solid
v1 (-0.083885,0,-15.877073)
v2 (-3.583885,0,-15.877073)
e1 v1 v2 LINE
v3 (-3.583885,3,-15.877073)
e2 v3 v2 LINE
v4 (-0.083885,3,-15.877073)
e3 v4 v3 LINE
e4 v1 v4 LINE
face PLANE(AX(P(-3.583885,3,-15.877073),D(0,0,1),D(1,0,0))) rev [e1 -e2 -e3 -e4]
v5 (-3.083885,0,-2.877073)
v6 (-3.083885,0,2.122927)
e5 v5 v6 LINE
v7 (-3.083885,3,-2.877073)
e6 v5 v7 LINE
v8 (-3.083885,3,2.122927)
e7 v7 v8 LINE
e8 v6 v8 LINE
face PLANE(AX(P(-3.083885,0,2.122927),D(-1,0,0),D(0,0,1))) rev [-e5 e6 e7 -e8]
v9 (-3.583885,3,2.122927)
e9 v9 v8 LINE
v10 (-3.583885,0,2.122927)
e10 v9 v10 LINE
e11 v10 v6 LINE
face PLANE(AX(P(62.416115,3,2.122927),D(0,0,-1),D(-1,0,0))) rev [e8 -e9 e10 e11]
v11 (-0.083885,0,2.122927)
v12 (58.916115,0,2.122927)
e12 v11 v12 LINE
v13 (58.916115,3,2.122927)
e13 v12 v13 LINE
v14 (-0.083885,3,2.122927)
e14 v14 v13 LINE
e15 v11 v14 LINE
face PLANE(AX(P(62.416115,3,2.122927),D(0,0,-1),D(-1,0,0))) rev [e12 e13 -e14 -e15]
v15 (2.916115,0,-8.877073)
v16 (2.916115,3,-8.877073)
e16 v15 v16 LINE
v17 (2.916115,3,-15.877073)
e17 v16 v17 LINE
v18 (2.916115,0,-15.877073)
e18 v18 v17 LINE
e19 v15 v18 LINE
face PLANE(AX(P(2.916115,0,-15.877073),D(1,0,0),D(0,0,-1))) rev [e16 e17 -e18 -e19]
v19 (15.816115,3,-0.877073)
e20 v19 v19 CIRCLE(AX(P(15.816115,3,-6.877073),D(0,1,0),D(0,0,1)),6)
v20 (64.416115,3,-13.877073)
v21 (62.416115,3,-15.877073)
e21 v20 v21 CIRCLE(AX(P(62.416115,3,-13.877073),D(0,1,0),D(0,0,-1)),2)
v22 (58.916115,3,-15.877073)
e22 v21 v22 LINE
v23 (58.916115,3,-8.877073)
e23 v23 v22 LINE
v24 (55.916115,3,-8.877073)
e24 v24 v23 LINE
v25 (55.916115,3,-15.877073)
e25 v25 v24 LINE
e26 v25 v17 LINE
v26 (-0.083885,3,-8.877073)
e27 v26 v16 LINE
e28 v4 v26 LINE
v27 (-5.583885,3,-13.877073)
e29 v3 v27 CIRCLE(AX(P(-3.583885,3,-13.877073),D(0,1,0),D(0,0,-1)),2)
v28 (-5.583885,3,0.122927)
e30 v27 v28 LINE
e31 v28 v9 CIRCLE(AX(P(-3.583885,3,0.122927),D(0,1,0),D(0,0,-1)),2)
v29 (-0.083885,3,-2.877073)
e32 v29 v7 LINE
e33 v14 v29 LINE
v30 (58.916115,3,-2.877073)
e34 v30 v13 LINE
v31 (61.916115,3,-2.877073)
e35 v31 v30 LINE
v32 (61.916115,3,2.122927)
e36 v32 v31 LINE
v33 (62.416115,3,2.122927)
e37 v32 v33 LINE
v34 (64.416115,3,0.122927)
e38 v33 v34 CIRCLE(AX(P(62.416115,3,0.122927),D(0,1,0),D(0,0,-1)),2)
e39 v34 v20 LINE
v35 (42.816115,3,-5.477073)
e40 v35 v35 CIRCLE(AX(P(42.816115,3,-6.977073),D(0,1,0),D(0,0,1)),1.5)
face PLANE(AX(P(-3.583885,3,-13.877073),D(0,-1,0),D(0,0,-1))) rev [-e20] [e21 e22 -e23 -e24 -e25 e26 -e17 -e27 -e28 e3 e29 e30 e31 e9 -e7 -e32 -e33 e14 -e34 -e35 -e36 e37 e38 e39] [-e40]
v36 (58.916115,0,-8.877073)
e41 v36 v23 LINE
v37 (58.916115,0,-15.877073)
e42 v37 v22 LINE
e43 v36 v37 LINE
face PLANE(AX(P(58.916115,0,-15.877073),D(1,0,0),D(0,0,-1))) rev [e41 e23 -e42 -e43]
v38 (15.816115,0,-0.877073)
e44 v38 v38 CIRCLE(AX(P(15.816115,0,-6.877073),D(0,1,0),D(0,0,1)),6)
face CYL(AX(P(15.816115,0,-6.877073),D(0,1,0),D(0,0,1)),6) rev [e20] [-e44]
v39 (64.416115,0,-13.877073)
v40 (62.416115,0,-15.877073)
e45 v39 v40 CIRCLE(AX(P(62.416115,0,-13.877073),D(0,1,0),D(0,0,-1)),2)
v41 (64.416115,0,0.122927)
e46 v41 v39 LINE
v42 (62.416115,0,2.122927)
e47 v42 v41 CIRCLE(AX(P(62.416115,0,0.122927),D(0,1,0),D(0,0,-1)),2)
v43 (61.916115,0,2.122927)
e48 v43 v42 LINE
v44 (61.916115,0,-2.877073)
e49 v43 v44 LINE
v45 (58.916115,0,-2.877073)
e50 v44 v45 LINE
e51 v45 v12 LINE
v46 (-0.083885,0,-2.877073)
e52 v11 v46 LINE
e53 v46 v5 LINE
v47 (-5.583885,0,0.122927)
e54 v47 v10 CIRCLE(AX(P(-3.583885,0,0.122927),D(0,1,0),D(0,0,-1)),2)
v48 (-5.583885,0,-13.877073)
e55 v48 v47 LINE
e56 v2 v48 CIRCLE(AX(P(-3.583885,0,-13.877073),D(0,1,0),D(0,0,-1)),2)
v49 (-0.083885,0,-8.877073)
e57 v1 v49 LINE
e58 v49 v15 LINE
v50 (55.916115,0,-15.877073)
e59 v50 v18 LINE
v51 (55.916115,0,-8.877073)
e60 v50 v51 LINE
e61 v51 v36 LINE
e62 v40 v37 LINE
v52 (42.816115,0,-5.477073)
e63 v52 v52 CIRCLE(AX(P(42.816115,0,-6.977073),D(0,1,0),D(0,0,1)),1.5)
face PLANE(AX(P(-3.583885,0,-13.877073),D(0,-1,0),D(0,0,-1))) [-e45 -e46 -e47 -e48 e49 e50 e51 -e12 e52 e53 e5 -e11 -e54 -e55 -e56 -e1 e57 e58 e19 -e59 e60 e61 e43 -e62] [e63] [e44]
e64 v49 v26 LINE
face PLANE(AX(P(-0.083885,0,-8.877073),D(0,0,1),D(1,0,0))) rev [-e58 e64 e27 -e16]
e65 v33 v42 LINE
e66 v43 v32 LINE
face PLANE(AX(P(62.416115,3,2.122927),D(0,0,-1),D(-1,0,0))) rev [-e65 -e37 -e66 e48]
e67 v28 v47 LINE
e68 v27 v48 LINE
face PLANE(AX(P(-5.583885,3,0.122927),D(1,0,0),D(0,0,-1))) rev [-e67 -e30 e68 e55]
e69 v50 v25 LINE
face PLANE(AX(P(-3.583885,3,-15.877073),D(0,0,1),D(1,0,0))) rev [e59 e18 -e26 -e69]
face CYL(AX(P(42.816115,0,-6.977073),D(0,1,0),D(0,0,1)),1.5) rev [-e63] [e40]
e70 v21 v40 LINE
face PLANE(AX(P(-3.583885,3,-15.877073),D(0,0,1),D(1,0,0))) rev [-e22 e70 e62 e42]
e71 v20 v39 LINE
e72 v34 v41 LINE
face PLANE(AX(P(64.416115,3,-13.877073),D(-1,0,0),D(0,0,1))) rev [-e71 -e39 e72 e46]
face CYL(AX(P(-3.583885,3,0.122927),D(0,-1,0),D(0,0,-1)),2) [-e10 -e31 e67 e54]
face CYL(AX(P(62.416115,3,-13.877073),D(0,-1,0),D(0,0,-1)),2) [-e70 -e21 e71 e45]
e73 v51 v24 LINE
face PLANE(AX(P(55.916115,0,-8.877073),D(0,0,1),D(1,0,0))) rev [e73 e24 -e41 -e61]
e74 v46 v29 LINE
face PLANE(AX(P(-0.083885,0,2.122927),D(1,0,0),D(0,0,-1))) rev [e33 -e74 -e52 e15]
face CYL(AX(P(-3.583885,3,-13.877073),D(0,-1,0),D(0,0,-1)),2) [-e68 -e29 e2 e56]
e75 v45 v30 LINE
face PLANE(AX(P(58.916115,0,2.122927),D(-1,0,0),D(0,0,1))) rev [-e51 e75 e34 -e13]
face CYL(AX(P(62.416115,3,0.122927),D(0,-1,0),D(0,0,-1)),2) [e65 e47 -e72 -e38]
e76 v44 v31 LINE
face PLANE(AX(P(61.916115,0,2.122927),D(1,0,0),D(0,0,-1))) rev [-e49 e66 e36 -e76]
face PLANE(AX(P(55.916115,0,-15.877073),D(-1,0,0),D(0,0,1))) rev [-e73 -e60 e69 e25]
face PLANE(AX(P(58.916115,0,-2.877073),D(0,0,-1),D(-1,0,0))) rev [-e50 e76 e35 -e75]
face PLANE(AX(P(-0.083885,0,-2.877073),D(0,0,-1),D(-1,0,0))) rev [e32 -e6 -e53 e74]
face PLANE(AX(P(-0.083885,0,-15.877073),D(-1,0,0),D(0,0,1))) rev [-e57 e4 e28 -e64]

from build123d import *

# Parameters (mm, degrees)
BOSS_EXTRUDE1_DEPTH = 3
SKETCH6_W           = 3
SKETCH6_H           = 7
CUT_EXTRUDE3_DEPTH  = 3
SKETCH7_R           = 1.5
CUT_EXTRUDE4_DEPTH  = 3
SKETCH8_W           = 3
SKETCH8_H           = 5
CUT_EXTRUDE5_DEPTH  = 3
SKETCH9_R           = 6
CUT_EXTRUDE6_DEPTH  = 3


with BuildPart() as part:
    # Sketch2 → Boss-Extrude1 (new body)
    with BuildSketch(Plane(origin=(0, 0, 0), x_dir=(1, 0, 0), z_dir=(0, 1, 0))):
        with BuildLine():
            Line((-3.583885407, 15.877073113), (62.416114593, 15.877073113))
            ThreePointArc((62.416114593, 15.877073113), (63.830328155, 15.291286675), (64.416114593, 13.877073113))
            Line((64.416114593, 13.877073113), (64.416114593, -0.122926887))
            ThreePointArc((64.416114593, -0.122926887), (63.830328155, -1.53714045), (62.416114593, -2.122926887))
            Line((62.416114593, -2.122926887), (-3.583885407, -2.122926887))
            ThreePointArc((-3.583885407, -2.122926887), (-4.99809897, -1.53714045), (-5.583885407, -0.122926887))
            Line((-5.583885407, -0.122926887), (-5.583885407, 13.877073113))
            ThreePointArc((-5.583885407, 13.877073113), (-4.99809897, 15.291286675), (-3.583885407, 15.877073113))
        make_face()
    extrude(amount=BOSS_EXTRUDE1_DEPTH)

    # Sketch6 → Cut-Extrude3 (cut)
    with BuildSketch(Plane(origin=(0, 3, 0), x_dir=(1, 0, 0), z_dir=(0, 1, 0))):
        with Locations((1.416114593, 12.377073113)):
            Rectangle(SKETCH6_W, SKETCH6_H)
        with Locations((57.416114593, 12.377073113)):
            Rectangle(SKETCH6_W, SKETCH6_H)
    extrude(amount=-CUT_EXTRUDE3_DEPTH, mode=Mode.SUBTRACT)

    # Sketch7 → Cut-Extrude4 (cut)
    with BuildSketch(Plane(origin=(0, 3, 0), x_dir=(1, 0, 0), z_dir=(0, 1, 0))):
        with Locations(Location((42.816114593, 6.977073113, 0), (0, 0, 270))):
            Circle(SKETCH7_R)
    extrude(amount=-CUT_EXTRUDE4_DEPTH, mode=Mode.SUBTRACT)

    # Sketch8 → Cut-Extrude5 (cut)
    with BuildSketch(Plane(origin=(0, 3, 0), x_dir=(1, 0, 0), z_dir=(0, 1, 0))):
        with Locations((60.416114593, 0.377073113)):
            Rectangle(SKETCH8_W, SKETCH8_H)
        with Locations((-1.583885407, 0.377073113)):
            Rectangle(SKETCH8_W, SKETCH8_H)
    extrude(amount=-CUT_EXTRUDE5_DEPTH, mode=Mode.SUBTRACT)

    # Sketch9 → Cut-Extrude6 (cut)
    with BuildSketch(Plane(origin=(0, 3, 0), x_dir=(1, 0, 0), z_dir=(0, 1, 0))):
        with Locations(Location((15.816114593, 6.877073113, 0), (0, 0, 270))):
            Circle(SKETCH9_R)
    extrude(amount=-CUT_EXTRUDE6_DEPTH, mode=Mode.SUBTRACT)


solid = part.part
